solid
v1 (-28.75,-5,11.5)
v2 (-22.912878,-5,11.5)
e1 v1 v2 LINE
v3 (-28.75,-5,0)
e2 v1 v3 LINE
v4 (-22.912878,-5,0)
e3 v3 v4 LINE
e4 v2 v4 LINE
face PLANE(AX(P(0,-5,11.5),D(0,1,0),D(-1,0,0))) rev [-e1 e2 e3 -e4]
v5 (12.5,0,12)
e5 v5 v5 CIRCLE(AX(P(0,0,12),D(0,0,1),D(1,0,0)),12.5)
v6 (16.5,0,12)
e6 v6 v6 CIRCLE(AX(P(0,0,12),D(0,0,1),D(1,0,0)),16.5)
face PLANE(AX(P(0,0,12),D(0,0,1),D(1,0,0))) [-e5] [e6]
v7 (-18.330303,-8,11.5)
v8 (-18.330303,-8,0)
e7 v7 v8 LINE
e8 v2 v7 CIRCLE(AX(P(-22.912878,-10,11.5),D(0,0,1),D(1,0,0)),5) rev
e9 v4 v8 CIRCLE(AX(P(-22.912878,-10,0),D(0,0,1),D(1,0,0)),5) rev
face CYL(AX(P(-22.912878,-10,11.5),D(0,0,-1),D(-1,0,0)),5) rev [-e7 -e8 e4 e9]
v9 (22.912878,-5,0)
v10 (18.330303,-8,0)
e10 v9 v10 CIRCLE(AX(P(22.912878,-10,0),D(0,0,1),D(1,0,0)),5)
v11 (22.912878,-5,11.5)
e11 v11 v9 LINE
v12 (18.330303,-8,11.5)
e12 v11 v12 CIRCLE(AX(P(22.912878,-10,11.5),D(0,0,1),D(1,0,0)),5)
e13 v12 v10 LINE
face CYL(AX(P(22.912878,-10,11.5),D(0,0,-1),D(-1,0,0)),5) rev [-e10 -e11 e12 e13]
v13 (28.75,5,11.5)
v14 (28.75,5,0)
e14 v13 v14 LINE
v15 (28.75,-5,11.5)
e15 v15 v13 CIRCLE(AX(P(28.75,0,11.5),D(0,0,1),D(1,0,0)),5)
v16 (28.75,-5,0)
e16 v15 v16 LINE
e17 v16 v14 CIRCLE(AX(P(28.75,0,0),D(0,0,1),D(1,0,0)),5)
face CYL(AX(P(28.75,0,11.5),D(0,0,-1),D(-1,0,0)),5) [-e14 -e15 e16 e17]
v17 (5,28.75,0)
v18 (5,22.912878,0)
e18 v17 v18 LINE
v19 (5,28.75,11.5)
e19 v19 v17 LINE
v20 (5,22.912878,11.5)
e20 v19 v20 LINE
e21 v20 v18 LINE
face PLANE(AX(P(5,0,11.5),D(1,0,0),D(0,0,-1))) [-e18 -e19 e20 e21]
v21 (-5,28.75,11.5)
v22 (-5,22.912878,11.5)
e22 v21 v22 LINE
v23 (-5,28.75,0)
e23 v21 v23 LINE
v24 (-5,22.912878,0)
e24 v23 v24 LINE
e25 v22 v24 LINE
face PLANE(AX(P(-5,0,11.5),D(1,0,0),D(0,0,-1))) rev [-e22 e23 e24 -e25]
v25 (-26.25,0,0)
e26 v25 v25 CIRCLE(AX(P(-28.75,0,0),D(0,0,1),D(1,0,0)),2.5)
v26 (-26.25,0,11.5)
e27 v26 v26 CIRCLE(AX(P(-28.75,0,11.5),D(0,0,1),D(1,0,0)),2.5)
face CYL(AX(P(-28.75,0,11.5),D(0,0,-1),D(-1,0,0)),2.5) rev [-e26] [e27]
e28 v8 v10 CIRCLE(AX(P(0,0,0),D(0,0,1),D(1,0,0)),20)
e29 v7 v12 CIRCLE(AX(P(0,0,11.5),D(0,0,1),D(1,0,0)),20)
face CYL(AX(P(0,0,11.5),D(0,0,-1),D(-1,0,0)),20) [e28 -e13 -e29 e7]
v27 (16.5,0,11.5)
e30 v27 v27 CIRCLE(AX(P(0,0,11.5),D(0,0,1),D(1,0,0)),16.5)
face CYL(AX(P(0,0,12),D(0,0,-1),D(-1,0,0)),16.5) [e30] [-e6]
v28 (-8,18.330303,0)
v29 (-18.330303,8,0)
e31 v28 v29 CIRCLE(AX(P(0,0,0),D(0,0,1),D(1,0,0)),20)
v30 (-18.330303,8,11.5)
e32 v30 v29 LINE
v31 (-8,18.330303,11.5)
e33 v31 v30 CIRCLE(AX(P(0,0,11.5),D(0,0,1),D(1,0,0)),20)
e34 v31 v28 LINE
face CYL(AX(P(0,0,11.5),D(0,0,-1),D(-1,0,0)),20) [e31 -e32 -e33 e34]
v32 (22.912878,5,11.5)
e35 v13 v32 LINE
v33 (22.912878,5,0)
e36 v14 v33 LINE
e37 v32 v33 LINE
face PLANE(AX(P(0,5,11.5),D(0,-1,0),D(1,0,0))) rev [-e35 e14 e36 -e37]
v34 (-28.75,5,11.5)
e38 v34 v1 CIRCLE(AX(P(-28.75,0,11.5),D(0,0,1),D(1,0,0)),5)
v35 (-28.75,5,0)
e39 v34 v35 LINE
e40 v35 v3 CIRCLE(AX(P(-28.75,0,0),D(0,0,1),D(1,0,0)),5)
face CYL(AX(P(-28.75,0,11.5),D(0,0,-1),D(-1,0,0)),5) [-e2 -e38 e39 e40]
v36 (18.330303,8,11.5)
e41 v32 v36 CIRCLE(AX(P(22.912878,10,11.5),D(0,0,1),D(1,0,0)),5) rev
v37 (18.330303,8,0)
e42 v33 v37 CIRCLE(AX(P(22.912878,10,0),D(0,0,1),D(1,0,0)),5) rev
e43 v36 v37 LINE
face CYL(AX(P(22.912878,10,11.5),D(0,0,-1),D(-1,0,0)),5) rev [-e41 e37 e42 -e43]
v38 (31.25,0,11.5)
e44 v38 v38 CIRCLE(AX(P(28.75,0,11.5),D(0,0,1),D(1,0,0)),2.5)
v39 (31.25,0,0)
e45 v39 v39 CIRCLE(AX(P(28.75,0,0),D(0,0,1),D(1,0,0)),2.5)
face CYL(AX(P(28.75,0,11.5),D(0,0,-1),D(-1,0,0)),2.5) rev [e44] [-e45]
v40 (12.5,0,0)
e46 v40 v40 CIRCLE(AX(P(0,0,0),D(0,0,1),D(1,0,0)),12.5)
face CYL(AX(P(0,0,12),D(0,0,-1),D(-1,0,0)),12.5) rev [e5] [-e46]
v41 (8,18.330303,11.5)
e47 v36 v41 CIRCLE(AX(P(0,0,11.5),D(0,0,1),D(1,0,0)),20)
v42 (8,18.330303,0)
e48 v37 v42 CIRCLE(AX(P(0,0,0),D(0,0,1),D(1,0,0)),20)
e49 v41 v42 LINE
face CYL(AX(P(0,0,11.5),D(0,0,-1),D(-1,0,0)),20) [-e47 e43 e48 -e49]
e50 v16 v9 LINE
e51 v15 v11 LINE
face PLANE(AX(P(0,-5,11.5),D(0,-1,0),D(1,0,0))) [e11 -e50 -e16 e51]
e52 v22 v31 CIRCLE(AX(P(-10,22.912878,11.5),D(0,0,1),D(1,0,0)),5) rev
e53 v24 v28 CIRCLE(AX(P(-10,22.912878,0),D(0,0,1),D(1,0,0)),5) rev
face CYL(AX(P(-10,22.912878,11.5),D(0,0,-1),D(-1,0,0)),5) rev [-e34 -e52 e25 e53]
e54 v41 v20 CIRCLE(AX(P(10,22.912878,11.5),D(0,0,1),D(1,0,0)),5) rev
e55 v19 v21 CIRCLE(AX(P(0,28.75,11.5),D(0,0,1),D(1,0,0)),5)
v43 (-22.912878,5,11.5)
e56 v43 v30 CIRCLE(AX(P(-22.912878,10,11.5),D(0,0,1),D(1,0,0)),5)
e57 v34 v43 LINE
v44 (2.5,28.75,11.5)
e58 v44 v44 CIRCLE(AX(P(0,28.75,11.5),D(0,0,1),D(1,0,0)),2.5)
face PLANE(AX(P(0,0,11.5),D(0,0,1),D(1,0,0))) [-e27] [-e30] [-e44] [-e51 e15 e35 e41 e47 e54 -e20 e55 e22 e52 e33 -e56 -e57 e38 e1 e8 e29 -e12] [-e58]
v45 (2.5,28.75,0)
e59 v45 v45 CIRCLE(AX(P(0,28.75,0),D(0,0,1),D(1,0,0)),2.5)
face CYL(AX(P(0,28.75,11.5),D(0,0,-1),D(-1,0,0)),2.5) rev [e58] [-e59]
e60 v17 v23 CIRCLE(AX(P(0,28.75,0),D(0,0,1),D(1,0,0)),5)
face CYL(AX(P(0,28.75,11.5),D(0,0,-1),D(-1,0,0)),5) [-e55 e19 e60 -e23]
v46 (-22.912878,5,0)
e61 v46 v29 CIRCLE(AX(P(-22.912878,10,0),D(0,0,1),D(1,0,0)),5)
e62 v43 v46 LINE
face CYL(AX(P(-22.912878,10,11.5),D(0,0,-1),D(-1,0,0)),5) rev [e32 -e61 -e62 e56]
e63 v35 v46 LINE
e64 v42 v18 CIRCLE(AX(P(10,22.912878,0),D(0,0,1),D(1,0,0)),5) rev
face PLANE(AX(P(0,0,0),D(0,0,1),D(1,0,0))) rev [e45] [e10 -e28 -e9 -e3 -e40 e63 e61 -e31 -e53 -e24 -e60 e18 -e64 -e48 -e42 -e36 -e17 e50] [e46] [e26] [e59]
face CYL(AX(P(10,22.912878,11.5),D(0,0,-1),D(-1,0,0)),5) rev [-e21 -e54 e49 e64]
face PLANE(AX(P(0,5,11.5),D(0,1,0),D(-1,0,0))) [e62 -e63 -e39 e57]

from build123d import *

# Parameters (mm, degrees)
IZIM1_R                     = 2.5
IZIM1_R_2                   = 16.5
Y_KSEKLIK_EKSTR_ZYON2_DEPTH = 11.5
IZIM1_4_R                   = 16.5
IZIM1_4_R_2                 = 12.5
Y_KSEKLIK_EKSTR_ZYON4_DEPTH = 12


with BuildPart() as part:
    # Çizim1 → Yükseklik-Ekstrüzyon2 (new body)
    with BuildSketch(Plane.XY):
        with BuildLine():
            Line((5, 22.912878475), (5, 28.75))
            ThreePointArc((5, 28.75), (0, 33.75), (-5, 28.75))
            Line((-5, 28.75), (-5, 22.912878475))
            ThreePointArc((-5, 22.912878475), (-5.816699867, 20.174265687), (-8, 18.33030278))
            ThreePointArc((-8, 18.33030278), (-14.142135624, 14.142135624), (-18.33030278, 8))
            ThreePointArc((-18.33030278, 8), (-20.174265687, 5.816699867), (-22.912878475, 5))
            Line((-22.912878475, 5), (-28.75, 5))
            ThreePointArc((-28.75, 5), (-33.75, 0), (-28.75, -5))
            Line((-28.75, -5), (-22.912878475, -5))
            ThreePointArc((-22.912878475, -5), (-20.174265687, -5.816699867), (-18.33030278, -8))
            ThreePointArc((-18.33030278, -8), (-12.975595941, -15.219523973), (-5, -19.364916731))
            ThreePointArc((-5, -19.364916731), (0, -20), (5, -19.364916731))
            ThreePointArc((5, -19.364916731), (12.975595941, -15.219523973), (18.33030278, -8))
            ThreePointArc((18.33030278, -8), (20.174265687, -5.816699867), (22.912878475, -5))
            Line((22.912878475, -5), (28.75, -5))
            ThreePointArc((28.75, -5), (33.75, 0), (28.75, 5))
            Line((28.75, 5), (22.912878475, 5))
            ThreePointArc((22.912878475, 5), (20.174265687, 5.816699867), (18.33030278, 8))
            ThreePointArc((18.33030278, 8), (14.142135624, 14.142135624), (8, 18.33030278))
            ThreePointArc((8, 18.33030278), (5.816699867, 20.174265687), (5, 22.912878475))
        make_face()
        with Locations((-28.75, 0)):
            Circle(IZIM1_R, mode=Mode.SUBTRACT)
        Circle(IZIM1_R_2, mode=Mode.SUBTRACT)
        with Locations((0, 28.75)):
            Circle(IZIM1_R, mode=Mode.SUBTRACT)
        with Locations((28.75, 0)):
            Circle(IZIM1_R, mode=Mode.SUBTRACT)
    extrude(amount=Y_KSEKLIK_EKSTR_ZYON2_DEPTH)

    # Çizim1<4> → Yükseklik-Ekstrüzyon4 (add)
    with BuildSketch(Plane.XY):
        Circle(IZIM1_4_R)
        Circle(IZIM1_4_R_2, mode=Mode.SUBTRACT)
    extrude(amount=Y_KSEKLIK_EKSTR_ZYON4_DEPTH)


solid = part.part
